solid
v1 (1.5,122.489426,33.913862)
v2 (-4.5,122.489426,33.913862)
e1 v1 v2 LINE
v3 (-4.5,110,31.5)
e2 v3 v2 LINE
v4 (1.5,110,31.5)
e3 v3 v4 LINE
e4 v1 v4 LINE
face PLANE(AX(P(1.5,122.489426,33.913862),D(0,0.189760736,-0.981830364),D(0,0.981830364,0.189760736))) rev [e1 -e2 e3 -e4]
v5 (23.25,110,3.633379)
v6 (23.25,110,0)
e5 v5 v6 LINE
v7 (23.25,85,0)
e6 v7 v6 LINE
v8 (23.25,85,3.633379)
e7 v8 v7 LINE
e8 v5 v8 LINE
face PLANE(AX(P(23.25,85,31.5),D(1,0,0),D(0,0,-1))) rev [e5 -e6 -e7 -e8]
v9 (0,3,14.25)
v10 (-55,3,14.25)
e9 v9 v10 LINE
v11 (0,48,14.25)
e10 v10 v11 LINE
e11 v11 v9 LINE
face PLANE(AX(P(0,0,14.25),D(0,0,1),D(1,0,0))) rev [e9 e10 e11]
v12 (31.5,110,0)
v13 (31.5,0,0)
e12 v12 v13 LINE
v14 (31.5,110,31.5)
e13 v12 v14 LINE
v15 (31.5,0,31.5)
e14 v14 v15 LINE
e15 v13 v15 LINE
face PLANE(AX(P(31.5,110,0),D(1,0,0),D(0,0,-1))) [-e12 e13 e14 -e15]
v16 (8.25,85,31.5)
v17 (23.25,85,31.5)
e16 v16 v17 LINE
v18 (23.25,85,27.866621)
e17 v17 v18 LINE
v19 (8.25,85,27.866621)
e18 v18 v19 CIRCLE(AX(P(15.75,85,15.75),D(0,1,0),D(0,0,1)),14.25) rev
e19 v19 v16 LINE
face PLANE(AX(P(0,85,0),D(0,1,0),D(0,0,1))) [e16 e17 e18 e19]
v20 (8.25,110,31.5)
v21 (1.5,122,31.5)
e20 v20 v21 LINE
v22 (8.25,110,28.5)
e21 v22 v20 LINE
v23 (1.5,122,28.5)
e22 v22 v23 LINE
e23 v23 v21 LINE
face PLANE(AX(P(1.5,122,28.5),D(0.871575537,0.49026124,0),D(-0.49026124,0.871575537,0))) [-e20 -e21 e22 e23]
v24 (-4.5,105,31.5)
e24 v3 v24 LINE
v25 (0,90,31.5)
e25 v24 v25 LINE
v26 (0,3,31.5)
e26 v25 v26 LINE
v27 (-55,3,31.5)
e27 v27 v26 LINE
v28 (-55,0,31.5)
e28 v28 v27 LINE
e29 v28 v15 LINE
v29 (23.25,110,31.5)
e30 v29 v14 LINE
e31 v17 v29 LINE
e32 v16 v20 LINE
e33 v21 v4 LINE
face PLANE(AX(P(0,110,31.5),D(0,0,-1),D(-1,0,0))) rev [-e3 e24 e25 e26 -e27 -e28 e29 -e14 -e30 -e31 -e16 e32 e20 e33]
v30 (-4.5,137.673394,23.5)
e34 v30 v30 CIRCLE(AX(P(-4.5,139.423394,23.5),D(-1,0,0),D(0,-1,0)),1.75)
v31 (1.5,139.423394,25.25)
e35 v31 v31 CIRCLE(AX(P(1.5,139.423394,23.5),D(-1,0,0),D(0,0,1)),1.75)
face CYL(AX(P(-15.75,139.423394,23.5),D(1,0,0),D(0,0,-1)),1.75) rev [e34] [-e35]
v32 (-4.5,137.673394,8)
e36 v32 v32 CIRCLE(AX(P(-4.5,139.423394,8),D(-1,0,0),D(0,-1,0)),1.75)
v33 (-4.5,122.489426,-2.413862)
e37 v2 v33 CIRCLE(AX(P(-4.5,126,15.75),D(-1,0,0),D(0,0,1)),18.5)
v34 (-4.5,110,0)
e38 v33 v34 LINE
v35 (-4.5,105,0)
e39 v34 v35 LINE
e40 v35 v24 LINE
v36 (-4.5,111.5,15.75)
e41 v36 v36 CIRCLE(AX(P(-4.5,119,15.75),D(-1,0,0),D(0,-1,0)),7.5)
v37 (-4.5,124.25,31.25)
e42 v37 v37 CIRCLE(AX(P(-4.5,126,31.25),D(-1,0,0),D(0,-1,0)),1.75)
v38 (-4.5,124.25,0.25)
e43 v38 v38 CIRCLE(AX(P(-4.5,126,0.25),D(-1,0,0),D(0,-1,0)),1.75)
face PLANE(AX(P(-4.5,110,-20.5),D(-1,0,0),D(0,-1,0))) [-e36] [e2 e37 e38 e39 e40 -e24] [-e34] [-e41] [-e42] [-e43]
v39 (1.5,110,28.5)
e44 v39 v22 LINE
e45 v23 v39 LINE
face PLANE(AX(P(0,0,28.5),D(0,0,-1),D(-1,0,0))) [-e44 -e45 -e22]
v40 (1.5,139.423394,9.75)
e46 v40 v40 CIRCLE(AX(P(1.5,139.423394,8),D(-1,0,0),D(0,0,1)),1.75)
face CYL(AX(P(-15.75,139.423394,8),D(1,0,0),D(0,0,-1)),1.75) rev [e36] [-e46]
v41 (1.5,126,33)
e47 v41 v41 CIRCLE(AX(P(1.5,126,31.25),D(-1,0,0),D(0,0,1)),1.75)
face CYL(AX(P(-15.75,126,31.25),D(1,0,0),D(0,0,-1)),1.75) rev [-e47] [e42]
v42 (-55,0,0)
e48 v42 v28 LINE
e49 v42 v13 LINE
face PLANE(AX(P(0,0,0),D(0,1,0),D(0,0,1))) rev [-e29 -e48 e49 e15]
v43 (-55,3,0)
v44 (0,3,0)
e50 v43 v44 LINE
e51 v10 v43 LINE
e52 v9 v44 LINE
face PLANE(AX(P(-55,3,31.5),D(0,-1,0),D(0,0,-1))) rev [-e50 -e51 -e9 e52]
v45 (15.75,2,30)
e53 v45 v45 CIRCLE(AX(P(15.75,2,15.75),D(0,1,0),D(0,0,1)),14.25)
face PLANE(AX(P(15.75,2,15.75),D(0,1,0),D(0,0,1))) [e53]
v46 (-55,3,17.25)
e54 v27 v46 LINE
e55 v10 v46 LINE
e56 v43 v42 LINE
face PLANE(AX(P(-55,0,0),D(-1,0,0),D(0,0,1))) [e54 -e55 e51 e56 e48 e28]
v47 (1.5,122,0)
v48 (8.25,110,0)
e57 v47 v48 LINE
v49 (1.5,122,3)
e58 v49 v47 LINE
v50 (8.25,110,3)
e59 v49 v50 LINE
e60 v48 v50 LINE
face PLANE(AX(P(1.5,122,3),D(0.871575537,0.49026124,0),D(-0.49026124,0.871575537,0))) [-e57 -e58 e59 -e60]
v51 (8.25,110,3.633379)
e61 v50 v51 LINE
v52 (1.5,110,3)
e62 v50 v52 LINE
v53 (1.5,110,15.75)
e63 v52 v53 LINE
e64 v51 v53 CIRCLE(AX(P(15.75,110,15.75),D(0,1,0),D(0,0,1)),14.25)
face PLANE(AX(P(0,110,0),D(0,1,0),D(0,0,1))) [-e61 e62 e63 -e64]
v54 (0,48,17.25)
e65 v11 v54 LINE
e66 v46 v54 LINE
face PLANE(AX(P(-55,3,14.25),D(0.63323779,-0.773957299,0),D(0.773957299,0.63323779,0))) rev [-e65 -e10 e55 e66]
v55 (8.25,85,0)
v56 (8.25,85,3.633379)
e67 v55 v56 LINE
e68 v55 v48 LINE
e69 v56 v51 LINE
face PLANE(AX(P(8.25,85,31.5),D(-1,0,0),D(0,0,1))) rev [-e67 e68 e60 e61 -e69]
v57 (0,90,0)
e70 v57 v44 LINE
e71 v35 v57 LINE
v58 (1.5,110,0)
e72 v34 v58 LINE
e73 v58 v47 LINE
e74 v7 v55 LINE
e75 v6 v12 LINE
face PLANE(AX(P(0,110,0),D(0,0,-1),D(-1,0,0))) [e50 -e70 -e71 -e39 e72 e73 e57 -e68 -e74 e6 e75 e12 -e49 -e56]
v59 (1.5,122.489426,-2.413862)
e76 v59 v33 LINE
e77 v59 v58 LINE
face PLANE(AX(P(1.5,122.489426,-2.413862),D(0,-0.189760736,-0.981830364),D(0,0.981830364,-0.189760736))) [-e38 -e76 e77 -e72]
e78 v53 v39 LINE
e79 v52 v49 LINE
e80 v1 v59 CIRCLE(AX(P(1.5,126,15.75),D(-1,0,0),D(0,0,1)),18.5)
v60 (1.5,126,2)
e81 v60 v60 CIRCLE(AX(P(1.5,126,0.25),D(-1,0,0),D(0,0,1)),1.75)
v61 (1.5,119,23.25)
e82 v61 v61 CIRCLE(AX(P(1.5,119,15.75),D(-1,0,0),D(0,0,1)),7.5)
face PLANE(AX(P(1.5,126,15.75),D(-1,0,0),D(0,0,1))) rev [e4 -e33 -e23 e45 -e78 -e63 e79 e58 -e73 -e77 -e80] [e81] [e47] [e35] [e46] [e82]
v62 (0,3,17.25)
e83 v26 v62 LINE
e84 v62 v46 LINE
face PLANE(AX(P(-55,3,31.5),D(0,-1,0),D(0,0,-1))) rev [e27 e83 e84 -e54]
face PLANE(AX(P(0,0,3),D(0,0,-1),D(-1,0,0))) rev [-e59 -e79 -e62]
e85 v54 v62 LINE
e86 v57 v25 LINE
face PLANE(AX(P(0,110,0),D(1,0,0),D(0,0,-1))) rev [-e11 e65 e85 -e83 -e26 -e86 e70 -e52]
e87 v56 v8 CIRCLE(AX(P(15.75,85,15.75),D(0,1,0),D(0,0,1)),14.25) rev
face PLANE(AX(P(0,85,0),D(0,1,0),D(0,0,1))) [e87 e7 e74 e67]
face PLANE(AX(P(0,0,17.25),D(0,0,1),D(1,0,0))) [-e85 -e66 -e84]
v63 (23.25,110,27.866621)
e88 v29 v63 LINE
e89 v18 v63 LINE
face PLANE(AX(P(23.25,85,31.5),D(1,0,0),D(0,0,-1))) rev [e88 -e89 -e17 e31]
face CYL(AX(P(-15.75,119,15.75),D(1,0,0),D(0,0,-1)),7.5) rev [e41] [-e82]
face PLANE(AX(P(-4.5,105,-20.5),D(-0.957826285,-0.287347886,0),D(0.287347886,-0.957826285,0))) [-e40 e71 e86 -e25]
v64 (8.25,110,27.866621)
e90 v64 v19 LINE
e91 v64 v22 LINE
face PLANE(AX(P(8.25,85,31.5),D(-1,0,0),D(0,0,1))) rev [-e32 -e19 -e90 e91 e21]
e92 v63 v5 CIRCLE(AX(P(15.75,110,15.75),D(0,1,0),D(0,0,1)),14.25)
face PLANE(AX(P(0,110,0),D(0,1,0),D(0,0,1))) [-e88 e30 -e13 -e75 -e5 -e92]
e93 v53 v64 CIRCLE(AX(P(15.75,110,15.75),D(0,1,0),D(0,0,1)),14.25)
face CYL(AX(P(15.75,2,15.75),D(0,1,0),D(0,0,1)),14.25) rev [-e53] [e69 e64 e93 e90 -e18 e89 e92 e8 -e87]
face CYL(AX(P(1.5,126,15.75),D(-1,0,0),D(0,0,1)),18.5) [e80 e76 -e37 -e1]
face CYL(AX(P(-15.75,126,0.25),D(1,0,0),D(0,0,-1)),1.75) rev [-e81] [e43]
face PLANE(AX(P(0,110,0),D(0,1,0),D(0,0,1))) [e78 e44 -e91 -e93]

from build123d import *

# Parameters (mm, degrees)
SKETCH1_W           = 31.5
SKETCH1_H           = 31.5
BOSS_EXTRUDE1_DEPTH = 110
SKETCH2_R           = 14.25
CUT_EXTRUDE1_DEPTH  = 108
BOSS_EXTRUDE2_DEPTH = 1.5
BOSS_EXTRUDE3_DEPTH = 1.5
BOSS_EXTRUDE4_DEPTH = 31.5
SKETCH10_W          = 31.5
SKETCH10_H          = 3
BOSS_EXTRUDE5_DEPTH = 55
SKETCH9_W           = 15
SKETCH9_H           = 31.5
CUT_EXTRUDE4_DEPTH  = 25
BOSS_EXTRUDE6_DEPTH = 1.5
BOSS_EXTRUDE7_DEPTH = 3
BOSS_EXTRUDE8_DEPTH = 3
BOSS_EXTRUDE9_START = 4.5
BOSS_EXTRUDE9_DEPTH = 4.5
SKETCH7_R           = 1.75
SKETCH7_R_2         = 7.5
CUT_EXTRUDE3_DEPTH  = 17.25


with BuildPart() as part:
    # Sketch1 → Boss-Extrude1 (new body)
    with BuildSketch(Plane(origin=(0, 0, 0), x_dir=(1, 0, 0), z_dir=(0, 1, 0))):
        with Locations((15.75, -15.75)):
            Rectangle(SKETCH1_W, SKETCH1_H)
    extrude(amount=BOSS_EXTRUDE1_DEPTH)

    # Sketch2 → Cut-Extrude1 (cut)
    with BuildSketch(Plane(origin=(0, 110, 0), x_dir=(1, 0, 0), z_dir=(0, 1, 0))):
        with Locations(Location((15.75, -15.75, 0), (0, 0, 270))):
            Circle(SKETCH2_R)
    extrude(amount=-CUT_EXTRUDE1_DEPTH, mode=Mode.SUBTRACT)

    # Sketch4 → Boss-Extrude2 (add)
    with BuildSketch(Plane.ZY):
        with BuildLine():
            Line((33.91386173, 122.48942639), (31.5, 110))
            Line((31.5, 110), (25.037087811, 110))
            ThreePointArc((25.037087811, 110), (15.75, 107.5), (6.462912189, 110))
            Line((6.462912189, 110), (0, 110))
            Line((0, 110), (-2.41386173, 122.48942639))
            ThreePointArc((-2.41386173, 122.48942639), (15.75, 144.5), (33.91386173, 122.48942639))
        make_face()
    extrude(amount=-BOSS_EXTRUDE2_DEPTH)

    # Sketch4<3> → Boss-Extrude3 (add)
    with BuildSketch(Plane.ZY):
        with BuildLine():
            Line((33.91386173, 122.48942639), (31.5, 110))
            Line((31.5, 110), (25.037087811, 110))
            ThreePointArc((25.037087811, 110), (15.75, 107.5), (6.462912189, 110))
            Line((6.462912189, 110), (0, 110))
            Line((0, 110), (-2.41386173, 122.48942639))
            ThreePointArc((-2.41386173, 122.48942639), (15.75, 144.5), (33.91386173, 122.48942639))
        make_face()
    extrude(amount=-BOSS_EXTRUDE3_DEPTH)

    # Sketch6 → Boss-Extrude4 (add)
    with BuildSketch(Plane.XY.offset(31.5)):
        Polygon((0, 90), (0, 110), (-4.5, 110), (-4.5, 105), align=None)
    extrude(amount=-BOSS_EXTRUDE4_DEPTH)

    # Sketch10 → Boss-Extrude5 (add)
    with BuildSketch(Plane.ZY):
        with Locations((15.75, 1.5)):
            Rectangle(SKETCH10_W, SKETCH10_H)
    extrude(amount=BOSS_EXTRUDE5_DEPTH)

    # Sketch9 → Cut-Extrude4 (cut)
    with BuildSketch(Plane(origin=(0, 110, 0), x_dir=(1, 0, 0), z_dir=(0, 1, 0))):
        with Locations((15.75, -15.75)):
            Rectangle(SKETCH9_W, SKETCH9_H)
    extrude(amount=-CUT_EXTRUDE4_DEPTH, mode=Mode.SUBTRACT)

    # Sketch14 → Boss-Extrude6 (add, symmetric)
    with BuildSketch(Plane(origin=(0, 0, 15.75), x_dir=(-1, 0, 0), z_dir=(0, 0, -1))):
        Polygon((55, 3), (0, 48), (0, 3), align=None)
    extrude(amount=BOSS_EXTRUDE6_DEPTH, both=True)

    # Sketch15 → Boss-Extrude7 (add)
    with BuildSketch(Plane.XY.offset(31.5)):
        Polygon((8.25, 110), (1.5, 110), (1.5, 122), align=None)
    extrude(amount=-BOSS_EXTRUDE7_DEPTH)

    # Sketch16 → Boss-Extrude8 (add)
    with BuildSketch(Plane(origin=(0, 0, 0), x_dir=(-1, 0, 0), z_dir=(0, 0, -1))):
        Polygon((-8.25, 110), (-1.5, 110), (-1.5, 122), align=None)
    extrude(amount=-BOSS_EXTRUDE8_DEPTH)

    # Sketch4<4> → Boss-Extrude9 (add)
    with BuildSketch(Plane.ZY.offset(BOSS_EXTRUDE9_START)):
        with BuildLine():
            Line((33.91386173, 122.48942639), (31.5, 110))
            Line((31.5, 110), (25.037087811, 110))
            ThreePointArc((25.037087811, 110), (15.75, 107.5), (6.462912189, 110))
            Line((6.462912189, 110), (0, 110))
            Line((0, 110), (-2.41386173, 122.48942639))
            ThreePointArc((-2.41386173, 122.48942639), (15.75, 144.5), (33.91386173, 122.48942639))
        make_face()
    extrude(amount=-BOSS_EXTRUDE9_DEPTH)

    # Sketch7 → Cut-Extrude3 (cut, symmetric)
    with BuildSketch(Plane(origin=(1.5, 0, 0), x_dir=(0, 0, -1), z_dir=(1, 0, 0))):
        with Locations(Location((-31.25, 126, 0), (0, 0, 270))):
            Circle(SKETCH7_R)
        with Locations(Location((-23.5, 139.423393759, 0), (0, 0, 270))):
            Circle(SKETCH7_R)
        with Locations(Location((-8, 139.423393759, 0), (0, 0, 270))):
            Circle(SKETCH7_R)
        with Locations(Location((-0.25, 126, 0), (0, 0, 270))):
            Circle(SKETCH7_R)
        with Locations(Location((-15.75, 119, 0), (0, 0, 270))):
            Circle(SKETCH7_R_2)
    extrude(amount=CUT_EXTRUDE3_DEPTH, both=True, mode=Mode.SUBTRACT)


solid = part.part
